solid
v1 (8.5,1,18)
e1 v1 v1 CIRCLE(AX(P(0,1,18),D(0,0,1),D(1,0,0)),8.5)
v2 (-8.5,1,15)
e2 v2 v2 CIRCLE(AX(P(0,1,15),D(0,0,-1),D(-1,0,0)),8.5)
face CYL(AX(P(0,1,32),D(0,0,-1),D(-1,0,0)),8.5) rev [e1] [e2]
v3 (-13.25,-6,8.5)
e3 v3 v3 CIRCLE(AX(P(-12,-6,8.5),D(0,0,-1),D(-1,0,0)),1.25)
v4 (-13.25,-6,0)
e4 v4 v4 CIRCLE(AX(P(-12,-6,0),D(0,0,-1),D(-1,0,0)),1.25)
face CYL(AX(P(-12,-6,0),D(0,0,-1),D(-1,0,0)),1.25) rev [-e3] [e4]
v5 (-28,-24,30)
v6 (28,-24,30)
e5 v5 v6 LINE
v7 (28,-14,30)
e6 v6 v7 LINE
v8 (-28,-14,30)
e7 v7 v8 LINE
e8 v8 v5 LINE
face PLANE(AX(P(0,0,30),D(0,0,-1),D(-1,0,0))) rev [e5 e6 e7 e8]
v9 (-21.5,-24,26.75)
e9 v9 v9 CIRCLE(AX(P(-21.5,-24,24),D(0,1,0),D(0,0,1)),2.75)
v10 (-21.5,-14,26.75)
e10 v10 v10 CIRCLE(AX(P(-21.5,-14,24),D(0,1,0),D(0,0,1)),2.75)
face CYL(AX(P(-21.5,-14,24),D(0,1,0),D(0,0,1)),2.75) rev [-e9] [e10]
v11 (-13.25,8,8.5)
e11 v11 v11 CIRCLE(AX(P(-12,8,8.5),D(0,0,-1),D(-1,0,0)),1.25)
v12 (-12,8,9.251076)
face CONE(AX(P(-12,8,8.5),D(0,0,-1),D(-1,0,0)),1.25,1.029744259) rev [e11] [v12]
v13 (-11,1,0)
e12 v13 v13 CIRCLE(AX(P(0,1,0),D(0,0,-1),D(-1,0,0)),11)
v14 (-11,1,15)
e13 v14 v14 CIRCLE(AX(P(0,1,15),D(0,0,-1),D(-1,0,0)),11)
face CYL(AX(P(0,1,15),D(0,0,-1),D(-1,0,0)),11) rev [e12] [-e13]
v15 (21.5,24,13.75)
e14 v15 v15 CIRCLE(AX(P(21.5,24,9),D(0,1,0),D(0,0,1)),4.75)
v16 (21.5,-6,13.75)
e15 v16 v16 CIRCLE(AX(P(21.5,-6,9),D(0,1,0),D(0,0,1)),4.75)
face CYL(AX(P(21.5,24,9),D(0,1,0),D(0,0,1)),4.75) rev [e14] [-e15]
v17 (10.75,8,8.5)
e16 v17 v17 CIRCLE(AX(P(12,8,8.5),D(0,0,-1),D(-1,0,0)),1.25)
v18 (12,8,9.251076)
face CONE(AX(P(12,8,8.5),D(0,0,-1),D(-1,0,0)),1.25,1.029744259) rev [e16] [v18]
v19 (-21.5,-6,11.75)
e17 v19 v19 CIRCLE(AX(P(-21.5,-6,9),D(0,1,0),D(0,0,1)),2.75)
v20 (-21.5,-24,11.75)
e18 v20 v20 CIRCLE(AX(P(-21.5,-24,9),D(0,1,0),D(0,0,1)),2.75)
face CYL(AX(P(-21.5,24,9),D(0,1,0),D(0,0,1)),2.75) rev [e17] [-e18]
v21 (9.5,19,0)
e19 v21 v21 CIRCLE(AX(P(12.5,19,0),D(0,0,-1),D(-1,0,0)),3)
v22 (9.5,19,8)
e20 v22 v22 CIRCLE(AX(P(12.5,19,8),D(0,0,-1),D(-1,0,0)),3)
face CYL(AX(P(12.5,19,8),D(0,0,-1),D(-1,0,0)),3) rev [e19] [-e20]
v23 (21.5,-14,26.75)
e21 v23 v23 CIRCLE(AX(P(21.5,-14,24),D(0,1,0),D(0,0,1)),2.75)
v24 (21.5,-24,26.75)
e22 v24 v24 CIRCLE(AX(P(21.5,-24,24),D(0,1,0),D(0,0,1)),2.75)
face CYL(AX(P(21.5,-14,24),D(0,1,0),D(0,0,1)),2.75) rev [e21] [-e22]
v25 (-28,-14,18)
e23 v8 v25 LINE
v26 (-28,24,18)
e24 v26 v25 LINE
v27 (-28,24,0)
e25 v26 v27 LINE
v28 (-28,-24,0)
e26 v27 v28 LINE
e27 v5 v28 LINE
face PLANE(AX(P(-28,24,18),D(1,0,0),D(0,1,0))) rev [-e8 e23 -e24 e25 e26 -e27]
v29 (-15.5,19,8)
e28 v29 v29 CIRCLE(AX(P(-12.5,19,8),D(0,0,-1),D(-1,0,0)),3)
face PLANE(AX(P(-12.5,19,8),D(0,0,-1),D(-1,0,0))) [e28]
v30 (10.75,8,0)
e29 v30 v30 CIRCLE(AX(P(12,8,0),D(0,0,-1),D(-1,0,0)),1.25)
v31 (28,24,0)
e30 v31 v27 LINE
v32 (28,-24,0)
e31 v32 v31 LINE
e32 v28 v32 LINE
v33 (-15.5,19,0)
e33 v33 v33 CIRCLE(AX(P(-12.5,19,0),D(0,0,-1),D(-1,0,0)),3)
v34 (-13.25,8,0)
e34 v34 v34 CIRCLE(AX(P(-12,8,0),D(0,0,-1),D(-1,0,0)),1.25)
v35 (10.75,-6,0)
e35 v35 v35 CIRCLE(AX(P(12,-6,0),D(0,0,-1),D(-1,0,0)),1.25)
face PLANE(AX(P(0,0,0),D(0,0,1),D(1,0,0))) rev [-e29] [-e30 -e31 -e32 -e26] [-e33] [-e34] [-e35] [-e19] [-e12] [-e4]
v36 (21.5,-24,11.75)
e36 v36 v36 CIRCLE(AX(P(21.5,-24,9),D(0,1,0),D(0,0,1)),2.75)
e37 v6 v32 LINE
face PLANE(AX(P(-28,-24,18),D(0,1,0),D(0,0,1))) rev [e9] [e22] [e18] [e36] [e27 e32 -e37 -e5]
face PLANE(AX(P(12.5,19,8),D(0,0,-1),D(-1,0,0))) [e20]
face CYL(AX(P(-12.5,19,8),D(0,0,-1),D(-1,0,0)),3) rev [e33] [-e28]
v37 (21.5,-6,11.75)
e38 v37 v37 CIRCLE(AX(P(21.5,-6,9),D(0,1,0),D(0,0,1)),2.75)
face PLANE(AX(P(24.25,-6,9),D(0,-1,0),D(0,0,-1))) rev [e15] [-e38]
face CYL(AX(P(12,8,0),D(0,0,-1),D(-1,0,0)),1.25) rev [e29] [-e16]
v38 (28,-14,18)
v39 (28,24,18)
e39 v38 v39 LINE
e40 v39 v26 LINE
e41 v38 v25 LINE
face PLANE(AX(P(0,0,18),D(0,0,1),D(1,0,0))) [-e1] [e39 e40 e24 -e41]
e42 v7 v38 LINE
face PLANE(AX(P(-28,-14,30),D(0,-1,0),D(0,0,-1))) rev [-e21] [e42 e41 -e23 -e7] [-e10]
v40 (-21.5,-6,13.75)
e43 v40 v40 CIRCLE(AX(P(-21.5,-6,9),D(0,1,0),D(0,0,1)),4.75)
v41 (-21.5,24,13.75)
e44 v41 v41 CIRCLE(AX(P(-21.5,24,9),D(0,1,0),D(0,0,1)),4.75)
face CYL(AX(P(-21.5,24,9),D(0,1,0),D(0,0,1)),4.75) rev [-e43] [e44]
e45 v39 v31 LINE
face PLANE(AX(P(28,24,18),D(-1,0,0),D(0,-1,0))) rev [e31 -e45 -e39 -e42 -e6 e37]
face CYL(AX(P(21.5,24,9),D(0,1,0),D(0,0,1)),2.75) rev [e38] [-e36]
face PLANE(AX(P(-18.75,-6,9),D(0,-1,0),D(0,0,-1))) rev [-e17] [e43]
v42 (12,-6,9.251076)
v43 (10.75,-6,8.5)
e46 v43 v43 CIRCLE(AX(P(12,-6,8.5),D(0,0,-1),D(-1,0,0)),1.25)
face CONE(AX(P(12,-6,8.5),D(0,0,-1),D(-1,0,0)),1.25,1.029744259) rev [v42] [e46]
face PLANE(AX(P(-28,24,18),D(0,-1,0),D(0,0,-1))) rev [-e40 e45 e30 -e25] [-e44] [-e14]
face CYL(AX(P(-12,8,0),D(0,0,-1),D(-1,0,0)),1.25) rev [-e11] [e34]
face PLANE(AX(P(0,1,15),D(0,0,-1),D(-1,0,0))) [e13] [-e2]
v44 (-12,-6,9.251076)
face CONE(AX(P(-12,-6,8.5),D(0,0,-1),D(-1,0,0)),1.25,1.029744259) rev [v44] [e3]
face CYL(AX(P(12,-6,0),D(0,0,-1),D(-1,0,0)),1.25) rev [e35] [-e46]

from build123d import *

# Parameters (mm, degrees)
SKETCH_1_W                   = 56
SKETCH_1_H                   = 48
EXTRUDE_1_DEPTH              = 18
SKETCH_9_R                   = 11
CUT_EXTRUDE_3_DEPTH          = 15
SKETCH_10_R                  = 8.5
CUT_EXTRUDE_4_DEPTH          = 17
HOLE_WIZARD_M3_2_D           = 2.5
HOLE_WIZARD_M3_2_DEPTH       = 8.5
HOLE_WIZARD_M3_2_TIP         = 0.751075774
HOLE_WIZARD_M5_1_D           = 5.5
HOLE_WIZARD_M5_1_CBORE_D     = 9.5
HOLE_WIZARD_M5_1_CBORE_DEPTH = 30
SKETCH_17_W                  = 56
SKETCH_17_H                  = 10
EXTRUDE_5_DEPTH              = 12
HOLE_WIZARD_5_5_5_5_1_D      = 5.5
SKETCH_21_R                  = 3
CUT_EXTRUDE_5_DEPTH          = 8


with BuildPart() as part:
    # 草图1 → 凸台-拉伸1 (new body)
    with BuildSketch(Plane.XY):
        Rectangle(SKETCH_1_W, SKETCH_1_H)
    extrude(amount=EXTRUDE_1_DEPTH)

    # 草图9 → 切除-拉伸3 (cut)
    with BuildSketch(Plane(origin=(0, 0, 0), x_dir=(-1, 0, 0), z_dir=(0, 0, -1))):
        with Locations((0, 1)):
            Circle(SKETCH_9_R)
    extrude(amount=-CUT_EXTRUDE_3_DEPTH, mode=Mode.SUBTRACT)

    # 草图10 → 切除-拉伸4 (cut)
    with BuildSketch(Plane(origin=(0, 0, 15), x_dir=(-1, 0, 0), z_dir=(0, 0, -1))):
        with Locations((0, 1)):
            Circle(SKETCH_10_R)
    extrude(amount=-CUT_EXTRUDE_4_DEPTH, mode=Mode.SUBTRACT)

    # M3 螺纹孔2
    with Locations(Plane(origin=(0, 0, 0), x_dir=(-1, 0, 0), z_dir=(0, 0, -1))):
        with Locations((12, 8), (-12, 8), (12, -6), (-12, -6)):
            Hole(HOLE_WIZARD_M3_2_D / 2, depth=HOLE_WIZARD_M3_2_DEPTH)
            with Locations((0, 0, -(HOLE_WIZARD_M3_2_DEPTH + HOLE_WIZARD_M3_2_TIP / 2))):  # 118° drill point
                Cone(0, HOLE_WIZARD_M3_2_D / 2, HOLE_WIZARD_M3_2_TIP, mode=Mode.SUBTRACT)

    # M5 六角头螺栓的柱形沉头孔1 (through all)
    with Locations(Plane(origin=(-28, 24, 18.039237195), x_dir=(1, 0, 0), z_dir=(0, 1, 0))):
        with Locations((6.5, 9.039237195), (49.5, 9.039237195)):
            CounterBoreHole(HOLE_WIZARD_M5_1_D / 2, HOLE_WIZARD_M5_1_CBORE_D / 2, HOLE_WIZARD_M5_1_CBORE_DEPTH)

    # 草图17 → 凸台-拉伸5 (add)
    with BuildSketch(Plane.XY.offset(18)):
        with Locations((0, -19)):
            Rectangle(SKETCH_17_W, SKETCH_17_H)
    extrude(amount=EXTRUDE_5_DEPTH)

    # Ø5.5 (5.5) 直径孔1 (through all)
    with Locations(Plane(origin=(0, -14, 0), x_dir=(1, 0, 0), z_dir=(0, 1, 0))):
        with Locations((-21.5, -24), (21.5, -24)):
            Hole(HOLE_WIZARD_5_5_5_5_1_D / 2)

    # 草图21 → 切除-拉伸5 (cut)
    with BuildSketch(Plane(origin=(0, 0, 0), x_dir=(-1, 0, 0), z_dir=(0, 0, -1))):
        with Locations((-12.5, 19)):
            Circle(SKETCH_21_R)
        with Locations((12.5, 19)):
            Circle(SKETCH_21_R)
    extrude(amount=-CUT_EXTRUDE_5_DEPTH, mode=Mode.SUBTRACT)


solid = part.part
